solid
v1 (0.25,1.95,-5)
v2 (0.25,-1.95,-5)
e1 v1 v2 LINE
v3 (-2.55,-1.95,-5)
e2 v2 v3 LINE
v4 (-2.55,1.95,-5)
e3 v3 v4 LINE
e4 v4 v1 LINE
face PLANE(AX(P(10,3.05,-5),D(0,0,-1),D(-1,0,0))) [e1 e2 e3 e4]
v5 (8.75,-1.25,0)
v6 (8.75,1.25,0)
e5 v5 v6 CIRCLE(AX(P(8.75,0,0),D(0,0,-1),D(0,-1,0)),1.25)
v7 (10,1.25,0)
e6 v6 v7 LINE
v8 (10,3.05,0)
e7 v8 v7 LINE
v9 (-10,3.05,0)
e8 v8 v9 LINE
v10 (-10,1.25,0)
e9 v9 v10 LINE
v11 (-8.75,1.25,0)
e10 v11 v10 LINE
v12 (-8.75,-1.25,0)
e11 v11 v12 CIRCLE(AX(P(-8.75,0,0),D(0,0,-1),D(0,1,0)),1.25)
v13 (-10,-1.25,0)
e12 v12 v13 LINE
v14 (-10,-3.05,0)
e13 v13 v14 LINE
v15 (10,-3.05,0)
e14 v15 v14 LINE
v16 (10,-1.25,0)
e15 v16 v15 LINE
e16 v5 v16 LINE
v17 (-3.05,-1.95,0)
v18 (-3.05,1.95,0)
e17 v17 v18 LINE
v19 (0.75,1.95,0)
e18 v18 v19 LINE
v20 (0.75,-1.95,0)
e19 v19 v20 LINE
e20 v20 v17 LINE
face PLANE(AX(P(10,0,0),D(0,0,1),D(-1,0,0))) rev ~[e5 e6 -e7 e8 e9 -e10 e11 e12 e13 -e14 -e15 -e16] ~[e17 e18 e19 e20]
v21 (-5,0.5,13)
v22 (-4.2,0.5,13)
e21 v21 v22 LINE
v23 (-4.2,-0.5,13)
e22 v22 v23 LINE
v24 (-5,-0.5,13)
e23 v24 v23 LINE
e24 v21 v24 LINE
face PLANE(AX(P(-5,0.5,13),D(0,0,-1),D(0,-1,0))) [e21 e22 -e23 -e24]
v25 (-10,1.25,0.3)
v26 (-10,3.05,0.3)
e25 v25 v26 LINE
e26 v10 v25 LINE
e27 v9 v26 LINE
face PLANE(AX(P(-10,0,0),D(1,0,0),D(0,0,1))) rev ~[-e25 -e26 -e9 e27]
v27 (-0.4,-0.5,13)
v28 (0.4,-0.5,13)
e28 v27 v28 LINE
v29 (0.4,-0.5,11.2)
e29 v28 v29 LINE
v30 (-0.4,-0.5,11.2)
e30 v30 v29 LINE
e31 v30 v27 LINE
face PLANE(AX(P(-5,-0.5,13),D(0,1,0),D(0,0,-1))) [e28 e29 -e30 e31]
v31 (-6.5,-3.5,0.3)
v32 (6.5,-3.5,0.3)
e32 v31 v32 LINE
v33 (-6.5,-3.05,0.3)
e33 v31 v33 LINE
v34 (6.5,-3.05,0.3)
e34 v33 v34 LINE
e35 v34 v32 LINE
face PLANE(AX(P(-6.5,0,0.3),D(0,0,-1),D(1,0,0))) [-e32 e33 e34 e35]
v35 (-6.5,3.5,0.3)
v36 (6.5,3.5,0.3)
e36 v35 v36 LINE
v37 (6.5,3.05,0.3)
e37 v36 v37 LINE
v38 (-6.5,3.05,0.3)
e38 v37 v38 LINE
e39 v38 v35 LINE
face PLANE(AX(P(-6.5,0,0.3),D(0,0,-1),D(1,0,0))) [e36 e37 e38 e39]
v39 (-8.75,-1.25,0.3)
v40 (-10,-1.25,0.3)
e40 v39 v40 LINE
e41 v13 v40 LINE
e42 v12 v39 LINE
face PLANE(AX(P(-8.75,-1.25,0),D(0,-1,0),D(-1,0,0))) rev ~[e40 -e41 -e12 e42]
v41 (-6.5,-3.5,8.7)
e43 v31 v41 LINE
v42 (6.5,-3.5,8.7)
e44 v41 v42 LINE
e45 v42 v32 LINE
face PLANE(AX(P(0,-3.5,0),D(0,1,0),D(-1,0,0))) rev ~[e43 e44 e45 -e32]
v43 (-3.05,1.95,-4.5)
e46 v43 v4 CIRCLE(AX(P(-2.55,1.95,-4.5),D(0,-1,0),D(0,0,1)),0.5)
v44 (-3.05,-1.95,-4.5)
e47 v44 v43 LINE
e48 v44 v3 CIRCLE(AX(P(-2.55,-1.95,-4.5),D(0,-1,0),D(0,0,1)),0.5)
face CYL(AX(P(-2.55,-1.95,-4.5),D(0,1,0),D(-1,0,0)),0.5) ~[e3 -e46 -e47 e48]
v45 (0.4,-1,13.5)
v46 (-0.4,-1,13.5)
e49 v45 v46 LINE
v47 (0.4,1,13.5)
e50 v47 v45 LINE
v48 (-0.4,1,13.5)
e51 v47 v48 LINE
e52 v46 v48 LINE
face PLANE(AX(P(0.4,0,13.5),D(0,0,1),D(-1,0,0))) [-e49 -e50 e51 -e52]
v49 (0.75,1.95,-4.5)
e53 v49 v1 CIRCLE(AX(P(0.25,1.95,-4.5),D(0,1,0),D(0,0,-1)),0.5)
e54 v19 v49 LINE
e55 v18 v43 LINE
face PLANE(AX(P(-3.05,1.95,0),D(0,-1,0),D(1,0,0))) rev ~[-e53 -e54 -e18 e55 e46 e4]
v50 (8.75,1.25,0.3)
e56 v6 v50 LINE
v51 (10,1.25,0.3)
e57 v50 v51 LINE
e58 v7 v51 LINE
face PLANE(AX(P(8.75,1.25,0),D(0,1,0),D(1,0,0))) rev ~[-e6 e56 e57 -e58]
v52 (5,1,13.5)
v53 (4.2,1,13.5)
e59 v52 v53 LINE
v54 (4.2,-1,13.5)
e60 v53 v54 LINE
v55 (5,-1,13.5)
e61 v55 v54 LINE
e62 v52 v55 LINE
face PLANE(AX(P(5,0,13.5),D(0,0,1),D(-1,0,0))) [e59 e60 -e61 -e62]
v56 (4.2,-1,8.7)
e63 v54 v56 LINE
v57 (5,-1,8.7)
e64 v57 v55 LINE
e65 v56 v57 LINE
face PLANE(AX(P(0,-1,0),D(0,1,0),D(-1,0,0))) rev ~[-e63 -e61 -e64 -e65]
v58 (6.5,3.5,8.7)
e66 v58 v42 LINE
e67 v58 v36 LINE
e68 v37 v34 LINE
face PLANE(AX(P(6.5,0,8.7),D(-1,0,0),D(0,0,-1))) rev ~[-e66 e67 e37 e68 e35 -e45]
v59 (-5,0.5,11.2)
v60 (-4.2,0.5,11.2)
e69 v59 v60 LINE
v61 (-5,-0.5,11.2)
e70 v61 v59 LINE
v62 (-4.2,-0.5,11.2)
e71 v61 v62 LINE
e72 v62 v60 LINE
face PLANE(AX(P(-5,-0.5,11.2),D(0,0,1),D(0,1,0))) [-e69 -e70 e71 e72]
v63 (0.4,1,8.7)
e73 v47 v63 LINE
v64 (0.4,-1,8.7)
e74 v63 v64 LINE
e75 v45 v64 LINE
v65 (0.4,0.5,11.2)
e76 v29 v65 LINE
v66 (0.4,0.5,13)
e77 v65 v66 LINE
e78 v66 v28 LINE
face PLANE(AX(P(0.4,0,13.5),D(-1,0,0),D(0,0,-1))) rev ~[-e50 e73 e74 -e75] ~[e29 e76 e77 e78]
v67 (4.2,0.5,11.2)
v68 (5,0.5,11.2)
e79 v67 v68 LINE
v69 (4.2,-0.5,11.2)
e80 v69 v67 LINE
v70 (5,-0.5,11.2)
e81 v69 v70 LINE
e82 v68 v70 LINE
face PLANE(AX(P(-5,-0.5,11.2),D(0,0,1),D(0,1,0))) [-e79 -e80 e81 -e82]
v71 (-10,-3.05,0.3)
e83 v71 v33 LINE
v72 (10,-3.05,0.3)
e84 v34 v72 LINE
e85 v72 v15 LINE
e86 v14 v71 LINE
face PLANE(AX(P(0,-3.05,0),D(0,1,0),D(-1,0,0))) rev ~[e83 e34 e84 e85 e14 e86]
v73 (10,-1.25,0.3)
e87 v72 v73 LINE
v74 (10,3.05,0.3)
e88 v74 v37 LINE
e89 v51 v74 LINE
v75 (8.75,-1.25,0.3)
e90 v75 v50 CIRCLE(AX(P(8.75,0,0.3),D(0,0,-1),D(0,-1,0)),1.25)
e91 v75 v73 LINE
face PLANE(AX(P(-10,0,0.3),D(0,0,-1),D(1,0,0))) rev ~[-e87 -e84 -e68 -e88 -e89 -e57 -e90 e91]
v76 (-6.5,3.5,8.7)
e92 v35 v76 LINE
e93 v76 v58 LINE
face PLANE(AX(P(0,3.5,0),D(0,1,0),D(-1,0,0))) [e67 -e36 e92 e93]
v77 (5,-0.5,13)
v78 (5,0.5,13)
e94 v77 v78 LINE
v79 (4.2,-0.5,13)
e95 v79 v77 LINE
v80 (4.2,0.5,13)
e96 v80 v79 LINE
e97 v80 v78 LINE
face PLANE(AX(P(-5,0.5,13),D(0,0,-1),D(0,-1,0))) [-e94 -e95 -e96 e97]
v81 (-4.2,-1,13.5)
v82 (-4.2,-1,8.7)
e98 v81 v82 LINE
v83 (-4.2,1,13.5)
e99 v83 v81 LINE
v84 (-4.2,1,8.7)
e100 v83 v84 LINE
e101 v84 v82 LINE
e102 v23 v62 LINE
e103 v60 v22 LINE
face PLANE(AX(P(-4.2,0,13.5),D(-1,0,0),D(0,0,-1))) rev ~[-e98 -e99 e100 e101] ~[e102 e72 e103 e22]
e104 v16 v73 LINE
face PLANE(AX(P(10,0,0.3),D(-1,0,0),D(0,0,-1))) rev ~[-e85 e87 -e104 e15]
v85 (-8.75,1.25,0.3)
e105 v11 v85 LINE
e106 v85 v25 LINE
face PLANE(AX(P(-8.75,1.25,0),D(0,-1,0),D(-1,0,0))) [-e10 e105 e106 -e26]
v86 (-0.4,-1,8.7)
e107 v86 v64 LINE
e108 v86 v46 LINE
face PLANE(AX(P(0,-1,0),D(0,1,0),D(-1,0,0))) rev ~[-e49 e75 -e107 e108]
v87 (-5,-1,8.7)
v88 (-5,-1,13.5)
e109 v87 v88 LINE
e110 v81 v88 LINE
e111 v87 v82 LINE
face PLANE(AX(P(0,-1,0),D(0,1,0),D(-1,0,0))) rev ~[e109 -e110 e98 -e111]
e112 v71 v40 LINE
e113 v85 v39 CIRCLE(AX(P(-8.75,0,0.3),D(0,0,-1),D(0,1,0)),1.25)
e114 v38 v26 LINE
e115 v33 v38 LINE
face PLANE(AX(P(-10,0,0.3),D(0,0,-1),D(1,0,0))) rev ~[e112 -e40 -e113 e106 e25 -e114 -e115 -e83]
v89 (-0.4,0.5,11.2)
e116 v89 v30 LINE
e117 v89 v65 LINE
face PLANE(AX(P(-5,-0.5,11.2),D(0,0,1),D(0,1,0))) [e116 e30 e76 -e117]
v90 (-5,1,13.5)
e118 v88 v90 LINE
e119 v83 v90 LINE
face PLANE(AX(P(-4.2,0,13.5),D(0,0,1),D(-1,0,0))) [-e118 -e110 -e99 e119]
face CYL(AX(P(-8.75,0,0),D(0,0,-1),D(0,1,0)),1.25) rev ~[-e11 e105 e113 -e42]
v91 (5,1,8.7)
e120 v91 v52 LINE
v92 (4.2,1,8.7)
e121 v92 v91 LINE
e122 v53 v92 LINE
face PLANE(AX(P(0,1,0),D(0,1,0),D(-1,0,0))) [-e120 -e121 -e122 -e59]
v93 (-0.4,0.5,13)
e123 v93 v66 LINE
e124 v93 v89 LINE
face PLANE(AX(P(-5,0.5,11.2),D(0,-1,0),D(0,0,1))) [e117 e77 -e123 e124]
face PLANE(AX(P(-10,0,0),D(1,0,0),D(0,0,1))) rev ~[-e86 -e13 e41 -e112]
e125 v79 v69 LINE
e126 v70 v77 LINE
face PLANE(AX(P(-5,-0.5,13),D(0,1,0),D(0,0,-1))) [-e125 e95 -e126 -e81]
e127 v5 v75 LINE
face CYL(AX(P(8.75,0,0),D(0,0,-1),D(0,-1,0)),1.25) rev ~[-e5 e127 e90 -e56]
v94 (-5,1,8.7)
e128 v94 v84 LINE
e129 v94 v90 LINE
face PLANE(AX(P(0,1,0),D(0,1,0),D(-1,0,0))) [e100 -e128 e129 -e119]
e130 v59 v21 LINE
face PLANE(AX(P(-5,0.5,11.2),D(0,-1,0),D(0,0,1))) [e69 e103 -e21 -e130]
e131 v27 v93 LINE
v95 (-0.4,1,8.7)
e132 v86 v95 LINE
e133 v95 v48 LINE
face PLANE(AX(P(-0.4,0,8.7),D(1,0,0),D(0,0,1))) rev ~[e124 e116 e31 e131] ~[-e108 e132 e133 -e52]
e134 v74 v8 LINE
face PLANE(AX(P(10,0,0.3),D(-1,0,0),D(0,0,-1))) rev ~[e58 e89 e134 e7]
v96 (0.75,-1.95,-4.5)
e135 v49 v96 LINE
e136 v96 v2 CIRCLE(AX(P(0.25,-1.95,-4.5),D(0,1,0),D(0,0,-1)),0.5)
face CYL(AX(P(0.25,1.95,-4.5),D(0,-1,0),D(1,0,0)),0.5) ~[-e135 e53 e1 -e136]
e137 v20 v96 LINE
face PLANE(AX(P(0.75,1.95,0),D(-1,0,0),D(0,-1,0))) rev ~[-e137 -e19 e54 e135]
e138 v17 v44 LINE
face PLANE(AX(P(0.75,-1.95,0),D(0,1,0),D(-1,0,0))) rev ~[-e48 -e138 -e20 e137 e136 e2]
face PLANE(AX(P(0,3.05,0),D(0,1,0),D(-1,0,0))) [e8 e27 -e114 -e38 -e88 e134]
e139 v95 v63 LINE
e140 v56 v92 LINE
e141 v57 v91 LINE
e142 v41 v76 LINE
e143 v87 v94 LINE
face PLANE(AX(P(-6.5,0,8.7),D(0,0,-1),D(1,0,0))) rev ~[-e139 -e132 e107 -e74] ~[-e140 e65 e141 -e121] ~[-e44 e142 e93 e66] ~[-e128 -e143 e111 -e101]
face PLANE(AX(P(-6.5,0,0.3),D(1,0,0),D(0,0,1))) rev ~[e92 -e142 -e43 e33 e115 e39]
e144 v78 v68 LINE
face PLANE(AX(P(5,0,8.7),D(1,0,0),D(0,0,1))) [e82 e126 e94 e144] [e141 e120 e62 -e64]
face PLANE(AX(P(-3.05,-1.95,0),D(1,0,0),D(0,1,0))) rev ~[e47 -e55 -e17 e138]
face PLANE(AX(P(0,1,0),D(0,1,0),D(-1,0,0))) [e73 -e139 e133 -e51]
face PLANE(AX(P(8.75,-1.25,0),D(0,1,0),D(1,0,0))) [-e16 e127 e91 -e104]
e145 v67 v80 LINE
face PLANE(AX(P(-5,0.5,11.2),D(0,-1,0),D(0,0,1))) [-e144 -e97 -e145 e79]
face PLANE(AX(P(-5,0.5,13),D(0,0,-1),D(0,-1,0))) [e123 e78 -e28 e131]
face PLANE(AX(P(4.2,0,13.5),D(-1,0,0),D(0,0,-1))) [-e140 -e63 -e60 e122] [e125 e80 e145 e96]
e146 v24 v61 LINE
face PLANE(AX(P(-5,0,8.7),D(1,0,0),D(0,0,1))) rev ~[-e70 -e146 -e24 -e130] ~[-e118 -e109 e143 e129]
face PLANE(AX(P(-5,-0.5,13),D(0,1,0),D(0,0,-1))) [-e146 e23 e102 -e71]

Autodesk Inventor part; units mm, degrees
ref_plane "YZ Plane" through (0, 0, 0) normal (1, 0, 0) x (0, 1, 0)
ref_plane "XZ Plane" through (0, 0, 0) normal (0, 1, 0) x (-1, 0, 0)
ref_plane "XY Plane" through (0, 0, 0) normal (0, 0, 1) x (1, 0, 0)
sketch "Sketch1" plane through (0, 0, 0) normal (0, 1, 0) x (-1, 0, 0)
  line L0 (10, 0.3) -> (-10, 0.3)
  line L1 (-10, 0.3) -> (-10, 0)
  line L2 (-10, 0) -> (10, 0)
  line L3 (10, 0) -> (10, 0.3)
  line L4 (-6.5, 0.3) -> (6.5, 0.3)
  line L5 (6.5, 0.3) -> (6.5, 8.7)
  line L6 (6.5, 8.7) -> (-6.5, 8.7)
  line L7 (-6.5, 8.7) -> (-6.5, 0.3)
  line L8 (6.5, 8.7) -> (5, 8.7)
  line L9 (0.4, 8.7) -> (0.4, 13.5)
  line L10 (-0.4, 13.5) -> (-0.4, 8.7)
  line L11 (-4.2, 13.5) -> (-4.2, 8.7)
  line L12 (-5, 8.7) -> (-5, 13.5)
  line L13 (4.2, 13.5) -> (4.2, 8.7)
  line L14 (5, 8.7) -> (5, 13.5)
  line L15 (4.2, 13.5) -> (5, 13.5)
  line L16 (-5, 13.5) -> (-4.2, 13.5)
  line L17 (-0.4, 13.5) -> (0.4, 13.5)
  line L18 (4.2, 8.7) -> (-6.5, 8.7)
  line L19 (5, 8.7) -> (4.2, 8.7)
  point P0 (0, 0)
  point P1 (0, 0)
  dimension "d0" = 20
  dimension "d1" = 0.3
  dimension "d2" = 13
  dimension "d6" = 8.7
  dimension "d7" = 13.5
extrude "Extrusion1" add sketch "Sketch1" along normal mid plane 7 contours L0 L7 L6 L5
extrude "Extrusion2" add sketch "Sketch1" along normal mid plane 6.1 contours L3 L2 L1 L0
extrude "Extrusion3" add sketch "Sketch1" along normal mid plane 2 contours L6 L13 L15 L14 | L12 L16 L11 L6 | L6 L10 L17 L9
sketch "Sketch2" plane through (10, 3.05, 0) normal (0, 0, -1) x (-1, 0, 0)
  line L0 (0, -6.1) -> (0, 0) projected
  line L1 (20, -6.1) -> (20, 0) projected
  line L2 (20, -6.1) -> (0, -6.1) projected
  line L3 (0, 0) -> (20, 0) projected
  arc A0 (18.75, -1.8) -> (18.75, -4.3) centre (18.75, -3.05) ccw
  line L4 (18.75, -4.3) -> (20, -4.3)
  line L5 (18.75, -1.8) -> (20, -1.8)
  arc A1 (1.25, -4.3) -> (1.25, -1.8) centre (1.25, -3.05) ccw
  line L6 (1.25, -4.3) -> (0, -4.3)
  line L7 (1.25, -1.8) -> (0, -1.8)
  line L8 (13.05, -1.1) -> (6.95, -1.1)
  line L9 (6.95, -1.1) -> (6.95, -5)
  line L10 (6.95, -5) -> (13.05, -5)
  line L11 (13.05, -5) -> (13.05, -1.1)
  line L12 (13.05, -1.1) -> (9.25, -1.1)
  line L13 (9.25, -1.1) -> (9.25, -5)
  line L14 (9.25, -5) -> (13.05, -5)
  line L15 (13.05, -5) -> (13.05, -1.1)
  line L16 (0, -1.8) -> (0, -4.3)
  line L17 (20, -1.8) -> (20, -4.3)
  line L18 (3.5, 0.45) -> (16.5, 0.45) projected
  line L19 (16.5, -6.55) -> (3.5, -6.55) projected
  point P0 (10, -3.05)
  dimension "d16" = 6.1
  dimension "d17" = 2.5
  dimension "d18" = 17.5
  dimension "d22" = 3.9
  dimension "d23" = 6.1
  dimension "d24" = 3.8
  dimension "d34" = 7
extrude "Extrusion4" cut sketch "Sketch2" against normal blind 0.3 contours L0 L7 A1 L6 | L4 A0 L5 L1
extrude "Extrusion5" add sketch "Sketch2" along normal blind 5 contours L11 L10 L13 L8
fillet "Fillet1" radius 0.5 2 edges at (0.75, 0, -5) (-3.05, 0, -5)
sketch "Sketch3" plane through (-5, -1, 13.5) normal (-1, 0, 0) x (0, 0, 1)
  line L0 (-0.5, 0.5) -> (-2.3, 0.5)
  line L1 (-2.3, 0.5) -> (-2.3, 1.5)
  line L2 (-2.3, 1.5) -> (-0.5, 1.5)
  line L3 (-0.5, 1.5) -> (-0.5, 0.5)
  point P0 (-13.5, 1)
  dimension "d30" = 1.8
  dimension "d31" = 1
extrude "Extrusion6" cut sketch "Sketch3" against normal blind 13
properties part number "Power_Switch"
